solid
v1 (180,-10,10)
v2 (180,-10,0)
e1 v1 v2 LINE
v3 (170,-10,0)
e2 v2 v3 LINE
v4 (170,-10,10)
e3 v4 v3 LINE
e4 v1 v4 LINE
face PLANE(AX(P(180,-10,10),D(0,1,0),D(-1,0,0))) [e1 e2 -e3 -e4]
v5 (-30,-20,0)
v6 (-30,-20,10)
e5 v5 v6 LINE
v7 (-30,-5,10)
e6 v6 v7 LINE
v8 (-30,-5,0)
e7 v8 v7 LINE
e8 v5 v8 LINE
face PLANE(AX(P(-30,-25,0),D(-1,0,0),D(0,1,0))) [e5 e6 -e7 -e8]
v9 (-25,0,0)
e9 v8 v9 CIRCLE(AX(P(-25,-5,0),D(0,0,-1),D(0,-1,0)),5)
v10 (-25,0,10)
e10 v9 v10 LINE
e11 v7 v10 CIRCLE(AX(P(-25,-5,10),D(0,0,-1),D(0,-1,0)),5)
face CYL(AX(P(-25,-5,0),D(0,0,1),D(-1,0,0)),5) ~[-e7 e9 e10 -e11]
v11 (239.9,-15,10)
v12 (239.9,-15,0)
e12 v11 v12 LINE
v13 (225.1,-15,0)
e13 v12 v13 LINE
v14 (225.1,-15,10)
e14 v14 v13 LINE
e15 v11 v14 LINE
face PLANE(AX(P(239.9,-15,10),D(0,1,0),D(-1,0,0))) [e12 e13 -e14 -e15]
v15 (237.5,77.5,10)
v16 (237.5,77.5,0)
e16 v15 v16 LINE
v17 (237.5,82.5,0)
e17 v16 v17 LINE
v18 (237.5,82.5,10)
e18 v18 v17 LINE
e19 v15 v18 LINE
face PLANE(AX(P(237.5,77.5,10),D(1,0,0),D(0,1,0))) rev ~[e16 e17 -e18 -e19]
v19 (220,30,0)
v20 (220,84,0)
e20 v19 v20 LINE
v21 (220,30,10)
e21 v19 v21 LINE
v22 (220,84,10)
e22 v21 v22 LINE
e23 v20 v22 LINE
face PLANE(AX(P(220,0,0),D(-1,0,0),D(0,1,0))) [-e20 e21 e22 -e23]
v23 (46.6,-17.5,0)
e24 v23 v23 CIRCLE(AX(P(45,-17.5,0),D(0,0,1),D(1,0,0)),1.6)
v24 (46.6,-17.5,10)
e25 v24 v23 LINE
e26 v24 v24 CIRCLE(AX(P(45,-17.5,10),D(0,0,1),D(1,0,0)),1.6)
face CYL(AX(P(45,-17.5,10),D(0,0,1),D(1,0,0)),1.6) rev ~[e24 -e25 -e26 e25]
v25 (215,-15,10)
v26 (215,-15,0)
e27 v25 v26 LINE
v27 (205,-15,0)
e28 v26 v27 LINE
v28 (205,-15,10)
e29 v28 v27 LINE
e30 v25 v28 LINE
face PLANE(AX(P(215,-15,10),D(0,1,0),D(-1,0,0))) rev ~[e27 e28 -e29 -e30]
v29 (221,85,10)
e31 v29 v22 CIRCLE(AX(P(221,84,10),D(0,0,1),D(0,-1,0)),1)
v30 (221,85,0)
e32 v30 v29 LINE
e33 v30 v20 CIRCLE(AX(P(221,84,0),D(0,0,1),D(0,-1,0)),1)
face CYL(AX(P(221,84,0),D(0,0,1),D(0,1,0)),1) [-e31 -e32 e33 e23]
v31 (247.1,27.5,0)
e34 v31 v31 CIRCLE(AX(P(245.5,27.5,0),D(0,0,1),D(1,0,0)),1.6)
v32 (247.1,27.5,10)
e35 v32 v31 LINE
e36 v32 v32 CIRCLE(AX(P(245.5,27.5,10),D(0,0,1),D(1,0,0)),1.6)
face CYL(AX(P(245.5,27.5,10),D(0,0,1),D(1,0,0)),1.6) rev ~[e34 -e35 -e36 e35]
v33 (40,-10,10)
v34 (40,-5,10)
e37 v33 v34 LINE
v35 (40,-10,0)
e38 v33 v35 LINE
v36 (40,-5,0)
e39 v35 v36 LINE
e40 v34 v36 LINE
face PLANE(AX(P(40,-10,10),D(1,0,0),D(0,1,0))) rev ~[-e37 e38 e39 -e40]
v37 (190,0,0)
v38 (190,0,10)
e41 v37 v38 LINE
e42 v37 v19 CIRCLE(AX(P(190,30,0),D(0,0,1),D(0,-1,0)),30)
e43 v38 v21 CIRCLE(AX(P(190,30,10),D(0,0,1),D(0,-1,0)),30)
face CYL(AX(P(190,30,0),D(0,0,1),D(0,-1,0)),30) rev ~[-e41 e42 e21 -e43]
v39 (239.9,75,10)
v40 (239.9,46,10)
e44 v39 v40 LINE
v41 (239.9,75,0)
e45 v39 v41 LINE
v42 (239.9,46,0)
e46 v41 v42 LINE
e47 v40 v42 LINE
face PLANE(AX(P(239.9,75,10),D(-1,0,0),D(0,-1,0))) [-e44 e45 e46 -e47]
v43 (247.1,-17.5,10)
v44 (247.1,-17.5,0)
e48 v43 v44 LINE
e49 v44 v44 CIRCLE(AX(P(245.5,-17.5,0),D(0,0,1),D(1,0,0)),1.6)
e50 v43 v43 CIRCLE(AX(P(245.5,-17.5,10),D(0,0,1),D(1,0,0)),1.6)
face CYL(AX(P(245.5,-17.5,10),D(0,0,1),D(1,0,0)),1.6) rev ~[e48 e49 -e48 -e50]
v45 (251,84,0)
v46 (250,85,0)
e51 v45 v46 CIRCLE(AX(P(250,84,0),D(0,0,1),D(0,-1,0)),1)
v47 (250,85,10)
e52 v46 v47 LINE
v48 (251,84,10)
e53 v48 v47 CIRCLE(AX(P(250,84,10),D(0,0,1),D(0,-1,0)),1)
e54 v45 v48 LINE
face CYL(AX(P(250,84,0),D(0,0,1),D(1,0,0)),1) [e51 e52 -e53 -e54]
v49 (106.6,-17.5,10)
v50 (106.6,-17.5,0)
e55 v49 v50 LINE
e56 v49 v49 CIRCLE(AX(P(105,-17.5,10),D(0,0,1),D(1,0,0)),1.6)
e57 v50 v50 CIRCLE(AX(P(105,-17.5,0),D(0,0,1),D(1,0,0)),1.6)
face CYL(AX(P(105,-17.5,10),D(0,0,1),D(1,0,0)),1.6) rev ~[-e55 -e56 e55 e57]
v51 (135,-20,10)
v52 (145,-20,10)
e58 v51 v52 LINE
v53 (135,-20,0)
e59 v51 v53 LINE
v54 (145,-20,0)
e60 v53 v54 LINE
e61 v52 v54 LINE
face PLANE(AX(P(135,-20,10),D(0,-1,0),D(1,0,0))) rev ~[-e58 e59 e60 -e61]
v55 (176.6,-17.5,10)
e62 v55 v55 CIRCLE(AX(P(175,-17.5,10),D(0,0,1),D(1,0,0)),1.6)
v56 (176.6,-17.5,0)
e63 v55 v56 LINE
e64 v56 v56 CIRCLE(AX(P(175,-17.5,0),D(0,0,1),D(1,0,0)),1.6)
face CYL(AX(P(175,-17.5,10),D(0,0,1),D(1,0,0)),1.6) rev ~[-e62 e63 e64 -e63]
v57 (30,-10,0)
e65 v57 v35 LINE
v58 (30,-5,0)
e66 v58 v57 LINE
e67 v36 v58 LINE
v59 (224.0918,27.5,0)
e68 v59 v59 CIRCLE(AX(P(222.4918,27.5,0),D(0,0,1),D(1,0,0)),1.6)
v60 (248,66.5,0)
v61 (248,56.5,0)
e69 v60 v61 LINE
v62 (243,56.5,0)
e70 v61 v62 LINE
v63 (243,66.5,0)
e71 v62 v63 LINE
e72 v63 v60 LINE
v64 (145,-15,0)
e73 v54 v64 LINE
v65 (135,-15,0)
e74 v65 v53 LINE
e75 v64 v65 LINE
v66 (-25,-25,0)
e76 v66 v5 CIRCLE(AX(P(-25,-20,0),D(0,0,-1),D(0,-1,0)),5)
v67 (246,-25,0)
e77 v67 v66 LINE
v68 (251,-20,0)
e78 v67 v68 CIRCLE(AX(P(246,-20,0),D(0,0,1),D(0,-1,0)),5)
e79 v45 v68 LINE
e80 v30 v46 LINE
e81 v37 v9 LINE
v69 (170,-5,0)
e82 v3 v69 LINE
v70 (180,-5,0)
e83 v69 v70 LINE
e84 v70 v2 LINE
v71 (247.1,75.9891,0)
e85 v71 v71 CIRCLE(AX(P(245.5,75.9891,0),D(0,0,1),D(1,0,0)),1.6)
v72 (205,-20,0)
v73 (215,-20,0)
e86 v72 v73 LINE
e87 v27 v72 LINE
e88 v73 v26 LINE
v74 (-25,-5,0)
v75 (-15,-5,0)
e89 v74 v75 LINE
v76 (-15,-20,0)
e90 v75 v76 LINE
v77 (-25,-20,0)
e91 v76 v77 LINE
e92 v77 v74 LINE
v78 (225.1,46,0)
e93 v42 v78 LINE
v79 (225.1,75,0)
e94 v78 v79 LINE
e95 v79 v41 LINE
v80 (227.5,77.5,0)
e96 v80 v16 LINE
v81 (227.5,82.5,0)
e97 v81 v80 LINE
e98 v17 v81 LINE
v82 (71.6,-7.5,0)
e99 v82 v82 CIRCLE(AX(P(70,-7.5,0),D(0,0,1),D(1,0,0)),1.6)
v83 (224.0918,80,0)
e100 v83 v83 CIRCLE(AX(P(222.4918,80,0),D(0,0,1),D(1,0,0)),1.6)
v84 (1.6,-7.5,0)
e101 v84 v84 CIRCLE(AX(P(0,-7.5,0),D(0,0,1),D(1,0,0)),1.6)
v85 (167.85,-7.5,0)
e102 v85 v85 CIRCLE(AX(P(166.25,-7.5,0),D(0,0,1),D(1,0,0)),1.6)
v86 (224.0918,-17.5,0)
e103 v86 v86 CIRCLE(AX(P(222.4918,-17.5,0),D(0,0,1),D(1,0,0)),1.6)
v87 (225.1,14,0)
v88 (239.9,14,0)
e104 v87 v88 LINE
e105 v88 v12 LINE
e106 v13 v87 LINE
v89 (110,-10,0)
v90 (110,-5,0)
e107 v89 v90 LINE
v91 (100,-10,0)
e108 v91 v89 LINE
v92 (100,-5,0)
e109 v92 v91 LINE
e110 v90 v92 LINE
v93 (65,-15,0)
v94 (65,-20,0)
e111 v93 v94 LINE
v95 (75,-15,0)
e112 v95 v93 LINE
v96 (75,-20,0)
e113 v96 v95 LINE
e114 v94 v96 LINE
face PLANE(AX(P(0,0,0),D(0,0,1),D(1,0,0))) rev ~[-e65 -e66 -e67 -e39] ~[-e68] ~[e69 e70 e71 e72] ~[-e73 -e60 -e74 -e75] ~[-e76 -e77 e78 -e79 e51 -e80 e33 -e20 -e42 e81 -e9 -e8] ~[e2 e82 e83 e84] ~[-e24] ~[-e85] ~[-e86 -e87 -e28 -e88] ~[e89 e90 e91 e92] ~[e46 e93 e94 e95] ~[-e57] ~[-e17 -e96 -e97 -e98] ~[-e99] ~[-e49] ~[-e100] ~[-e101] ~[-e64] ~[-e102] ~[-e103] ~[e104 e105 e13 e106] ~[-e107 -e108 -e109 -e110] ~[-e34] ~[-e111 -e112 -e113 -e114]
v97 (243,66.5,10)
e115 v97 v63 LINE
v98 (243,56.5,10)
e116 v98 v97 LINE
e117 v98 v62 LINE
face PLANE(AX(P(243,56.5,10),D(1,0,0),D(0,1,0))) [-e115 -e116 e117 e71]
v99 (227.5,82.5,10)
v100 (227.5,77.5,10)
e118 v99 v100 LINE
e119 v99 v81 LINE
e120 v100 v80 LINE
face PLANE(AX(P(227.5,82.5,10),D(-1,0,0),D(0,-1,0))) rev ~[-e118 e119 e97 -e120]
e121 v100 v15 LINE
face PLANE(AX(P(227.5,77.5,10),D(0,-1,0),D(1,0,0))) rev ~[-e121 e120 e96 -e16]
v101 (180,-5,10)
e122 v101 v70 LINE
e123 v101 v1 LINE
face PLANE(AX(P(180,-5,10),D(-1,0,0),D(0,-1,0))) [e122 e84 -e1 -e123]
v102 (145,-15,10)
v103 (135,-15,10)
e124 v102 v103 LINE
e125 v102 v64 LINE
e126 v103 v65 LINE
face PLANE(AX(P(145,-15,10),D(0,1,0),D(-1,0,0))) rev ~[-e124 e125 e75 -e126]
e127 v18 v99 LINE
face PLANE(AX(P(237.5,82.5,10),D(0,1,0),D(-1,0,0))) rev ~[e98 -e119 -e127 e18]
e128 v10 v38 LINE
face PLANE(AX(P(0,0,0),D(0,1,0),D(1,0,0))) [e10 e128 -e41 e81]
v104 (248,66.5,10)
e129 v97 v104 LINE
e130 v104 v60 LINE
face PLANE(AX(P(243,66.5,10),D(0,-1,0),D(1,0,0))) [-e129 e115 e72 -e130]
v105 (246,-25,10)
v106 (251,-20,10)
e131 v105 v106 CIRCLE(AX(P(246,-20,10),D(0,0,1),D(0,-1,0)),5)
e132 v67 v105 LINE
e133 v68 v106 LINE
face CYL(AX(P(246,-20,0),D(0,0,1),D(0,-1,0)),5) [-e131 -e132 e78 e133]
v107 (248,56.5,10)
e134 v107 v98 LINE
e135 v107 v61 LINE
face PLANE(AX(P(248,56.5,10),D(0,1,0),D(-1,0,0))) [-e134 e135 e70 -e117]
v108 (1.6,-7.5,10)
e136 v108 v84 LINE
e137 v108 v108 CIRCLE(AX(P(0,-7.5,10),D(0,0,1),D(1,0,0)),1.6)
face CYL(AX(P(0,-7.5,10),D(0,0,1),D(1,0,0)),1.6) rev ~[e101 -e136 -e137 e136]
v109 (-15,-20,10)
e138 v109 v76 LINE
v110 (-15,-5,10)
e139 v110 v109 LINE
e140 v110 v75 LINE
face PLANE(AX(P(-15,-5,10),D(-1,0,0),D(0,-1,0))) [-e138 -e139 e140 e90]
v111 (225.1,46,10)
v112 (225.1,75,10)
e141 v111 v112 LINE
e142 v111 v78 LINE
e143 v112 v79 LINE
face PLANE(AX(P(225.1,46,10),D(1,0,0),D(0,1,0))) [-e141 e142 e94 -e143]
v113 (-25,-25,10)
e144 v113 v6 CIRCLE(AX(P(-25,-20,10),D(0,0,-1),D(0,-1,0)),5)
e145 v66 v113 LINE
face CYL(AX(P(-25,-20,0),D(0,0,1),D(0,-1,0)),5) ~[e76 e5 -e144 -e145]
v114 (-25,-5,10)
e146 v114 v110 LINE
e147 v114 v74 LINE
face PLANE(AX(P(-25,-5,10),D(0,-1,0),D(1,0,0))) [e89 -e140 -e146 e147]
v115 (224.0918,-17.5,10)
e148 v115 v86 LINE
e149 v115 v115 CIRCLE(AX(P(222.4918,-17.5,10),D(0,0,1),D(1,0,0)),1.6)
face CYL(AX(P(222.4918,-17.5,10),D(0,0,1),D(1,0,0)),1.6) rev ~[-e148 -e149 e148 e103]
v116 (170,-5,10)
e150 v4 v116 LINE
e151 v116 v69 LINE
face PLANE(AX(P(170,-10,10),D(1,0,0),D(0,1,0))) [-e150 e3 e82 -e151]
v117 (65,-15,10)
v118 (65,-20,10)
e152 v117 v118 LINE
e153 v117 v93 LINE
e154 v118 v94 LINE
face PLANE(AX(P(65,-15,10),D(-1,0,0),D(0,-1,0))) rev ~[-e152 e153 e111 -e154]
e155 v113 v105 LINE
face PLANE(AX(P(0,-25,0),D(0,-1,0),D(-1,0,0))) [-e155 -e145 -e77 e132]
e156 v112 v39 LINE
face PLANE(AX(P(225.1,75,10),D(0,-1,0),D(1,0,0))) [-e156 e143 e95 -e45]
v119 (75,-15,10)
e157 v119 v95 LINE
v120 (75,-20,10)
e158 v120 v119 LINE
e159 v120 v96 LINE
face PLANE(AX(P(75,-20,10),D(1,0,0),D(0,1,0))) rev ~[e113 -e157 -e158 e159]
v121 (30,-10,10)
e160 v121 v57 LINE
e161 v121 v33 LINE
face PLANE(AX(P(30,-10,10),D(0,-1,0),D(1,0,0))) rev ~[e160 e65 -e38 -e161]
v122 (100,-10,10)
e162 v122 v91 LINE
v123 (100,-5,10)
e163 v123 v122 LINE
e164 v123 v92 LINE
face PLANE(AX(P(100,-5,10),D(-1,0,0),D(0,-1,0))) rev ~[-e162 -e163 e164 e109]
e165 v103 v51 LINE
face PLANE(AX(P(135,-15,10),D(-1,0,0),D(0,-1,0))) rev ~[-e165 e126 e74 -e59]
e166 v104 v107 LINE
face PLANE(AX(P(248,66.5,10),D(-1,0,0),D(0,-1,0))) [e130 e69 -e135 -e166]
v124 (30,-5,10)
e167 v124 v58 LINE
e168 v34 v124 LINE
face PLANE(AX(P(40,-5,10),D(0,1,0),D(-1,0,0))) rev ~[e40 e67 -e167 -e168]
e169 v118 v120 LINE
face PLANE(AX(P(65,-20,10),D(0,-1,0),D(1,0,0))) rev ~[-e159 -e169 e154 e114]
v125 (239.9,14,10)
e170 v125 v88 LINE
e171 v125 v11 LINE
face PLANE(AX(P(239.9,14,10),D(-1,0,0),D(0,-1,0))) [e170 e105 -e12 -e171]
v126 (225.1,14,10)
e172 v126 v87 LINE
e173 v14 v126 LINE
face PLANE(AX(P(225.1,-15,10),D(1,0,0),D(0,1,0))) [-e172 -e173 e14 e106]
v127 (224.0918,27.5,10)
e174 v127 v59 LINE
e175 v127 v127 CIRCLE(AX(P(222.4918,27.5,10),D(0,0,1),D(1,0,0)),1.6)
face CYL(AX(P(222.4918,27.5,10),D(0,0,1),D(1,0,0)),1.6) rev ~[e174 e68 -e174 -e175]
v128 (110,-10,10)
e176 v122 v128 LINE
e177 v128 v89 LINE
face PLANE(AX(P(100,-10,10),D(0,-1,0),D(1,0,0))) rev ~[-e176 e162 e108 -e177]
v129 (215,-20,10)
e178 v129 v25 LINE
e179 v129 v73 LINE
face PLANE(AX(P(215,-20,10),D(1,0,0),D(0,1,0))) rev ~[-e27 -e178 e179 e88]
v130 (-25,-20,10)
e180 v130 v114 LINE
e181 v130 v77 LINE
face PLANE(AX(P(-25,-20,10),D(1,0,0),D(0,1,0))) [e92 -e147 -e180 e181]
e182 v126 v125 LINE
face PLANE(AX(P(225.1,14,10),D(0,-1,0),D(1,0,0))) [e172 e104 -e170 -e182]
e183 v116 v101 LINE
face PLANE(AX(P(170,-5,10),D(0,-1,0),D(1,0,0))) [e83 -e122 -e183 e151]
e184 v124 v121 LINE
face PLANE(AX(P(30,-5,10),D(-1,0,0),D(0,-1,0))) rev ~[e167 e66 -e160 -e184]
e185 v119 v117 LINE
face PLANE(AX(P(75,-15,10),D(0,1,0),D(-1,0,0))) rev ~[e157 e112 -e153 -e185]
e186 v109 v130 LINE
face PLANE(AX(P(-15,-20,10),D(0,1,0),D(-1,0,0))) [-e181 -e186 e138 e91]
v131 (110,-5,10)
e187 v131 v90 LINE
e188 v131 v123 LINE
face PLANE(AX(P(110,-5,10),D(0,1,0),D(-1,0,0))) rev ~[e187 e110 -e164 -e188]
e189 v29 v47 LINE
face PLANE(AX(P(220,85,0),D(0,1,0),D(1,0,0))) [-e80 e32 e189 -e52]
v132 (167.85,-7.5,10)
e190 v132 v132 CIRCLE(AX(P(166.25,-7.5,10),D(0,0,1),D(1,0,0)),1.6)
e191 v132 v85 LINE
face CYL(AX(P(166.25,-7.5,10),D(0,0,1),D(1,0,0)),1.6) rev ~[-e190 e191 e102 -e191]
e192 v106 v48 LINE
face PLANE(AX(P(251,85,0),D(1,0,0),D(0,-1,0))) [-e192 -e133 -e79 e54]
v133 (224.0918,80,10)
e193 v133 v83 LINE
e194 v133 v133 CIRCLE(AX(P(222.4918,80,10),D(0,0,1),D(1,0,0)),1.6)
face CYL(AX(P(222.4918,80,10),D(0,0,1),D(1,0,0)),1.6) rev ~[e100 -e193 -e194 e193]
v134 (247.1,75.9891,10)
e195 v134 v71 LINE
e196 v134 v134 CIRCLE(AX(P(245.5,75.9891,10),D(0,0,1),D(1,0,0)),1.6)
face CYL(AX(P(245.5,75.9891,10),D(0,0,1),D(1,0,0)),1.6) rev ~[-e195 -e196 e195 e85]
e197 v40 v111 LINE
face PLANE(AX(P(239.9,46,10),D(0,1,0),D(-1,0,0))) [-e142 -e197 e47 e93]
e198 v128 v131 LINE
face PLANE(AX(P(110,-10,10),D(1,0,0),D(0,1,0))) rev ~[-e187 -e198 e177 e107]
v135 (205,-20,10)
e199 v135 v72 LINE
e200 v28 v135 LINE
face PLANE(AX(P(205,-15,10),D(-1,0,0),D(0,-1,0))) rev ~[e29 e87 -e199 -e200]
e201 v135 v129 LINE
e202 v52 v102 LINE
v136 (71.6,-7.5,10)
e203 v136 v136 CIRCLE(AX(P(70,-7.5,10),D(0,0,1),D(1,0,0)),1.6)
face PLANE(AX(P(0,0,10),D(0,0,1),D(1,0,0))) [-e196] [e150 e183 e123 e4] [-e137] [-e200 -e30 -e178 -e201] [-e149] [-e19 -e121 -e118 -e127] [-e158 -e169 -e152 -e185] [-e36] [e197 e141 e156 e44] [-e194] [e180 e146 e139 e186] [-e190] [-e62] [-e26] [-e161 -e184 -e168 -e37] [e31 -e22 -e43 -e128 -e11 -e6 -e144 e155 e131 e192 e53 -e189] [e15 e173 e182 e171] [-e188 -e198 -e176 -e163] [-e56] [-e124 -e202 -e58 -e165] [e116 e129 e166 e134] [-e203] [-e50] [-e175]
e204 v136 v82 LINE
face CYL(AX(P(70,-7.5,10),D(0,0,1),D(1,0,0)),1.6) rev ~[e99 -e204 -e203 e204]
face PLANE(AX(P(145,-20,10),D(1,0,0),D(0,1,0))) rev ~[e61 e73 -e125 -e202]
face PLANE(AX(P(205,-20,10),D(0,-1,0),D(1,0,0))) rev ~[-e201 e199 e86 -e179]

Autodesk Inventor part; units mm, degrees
ref_plane "YZ Plane" through (0, 0, 0) normal (1, 0, 0) x (0, 1, 0)
ref_plane "XZ Plane" through (0, 0, 0) normal (0, 1, 0) x (-1, 0, 0)
ref_plane "XY Plane" through (0, 0, 0) normal (0, 0, 1) x (1, 0, 0)
sketch "Boceto1" plane through (0, 0, 0) normal (0, 0, 1) x (1, 0, 0)
  line L0 (0, 0) -> (220, 0)
  line L1 (251, 0) -> (251, -25)
  line L2 (251, -25) -> (0, -25)
  line L3 (220, 0) -> (220, 85)
  line L4 (220, 85) -> (251, 85)
  line L5 (251, 85) -> (251, 0)
  line L6 (0, -25) -> (-30, -25)
  line L7 (-30, -25) -> (-30, 0)
  line L8 (-30, 0) -> (0, 0)
  dimension "d3" = 85
  dimension "d4" = 31
extrude "Extrusión1" add sketch "Boceto1" along normal blind 10
fillet "Empalme1" radius 30 1 edges at (220, 0, 5)
sketch "Boceto2" plane through (0, 0, 10) normal (0, 0, 1) x (1, 0, 0)
  line L0 (220, 30) -> (220, 85) projected
  line L1 (251, -25) -> (-30, -25) projected
  line L2 (220, 85) -> (251, 85) projected
  line L3 (225.1, 75) -> (239.9, 75)
  line L4 (239.9, 75) -> (239.9, 46)
  line L5 (239.9, 46) -> (225.1, 46)
  line L6 (225.1, 46) -> (225.1, 75)
  line L7 (225.1, 14) -> (239.9, 14)
  line L8 (239.9, 14) -> (239.9, -15)
  line L9 (239.9, -15) -> (225.1, -15)
  line L10 (225.1, -15) -> (225.1, 14)
  point P0 (225, 80)
  point P1 (220, 75)
  point P2 (5, -25)
  point P3 (240, -25)
  point P4 (245, -20)
  point P5 (245, 75)
  point P6 (240, 80)
  point P7 (0, 0)
  point P8 (0, -25)
  dimension "d10" = 14.8
  dimension "d11" = 14.8
  dimension "d12" = 5.1
  dimension "d14" = 10
  dimension "d15" = 29
  dimension "d16" = 29
  dimension "d17" = 10
  dimension "d82" = 5.1
extrude "Extrusión2" cut sketch "Boceto2" against normal blind 10
sketch "Boceto3" plane through (0, 0, 10) normal (0, 0, 1) x (1, 0, 0)
  line L0 (0, 0) -> (190, 0) projected
  line L1 (251, -25) -> (-30, -25) projected
  line L2 (180, -10) -> (170, -10)
  line L3 (170, -10) -> (170, -5)
  line L4 (170, -5) -> (180, -5)
  line L5 (180, -5) -> (180, -10)
  line L6 (110, -5) -> (100, -5)
  line L7 (100, -5) -> (100, -10)
  line L8 (100, -10) -> (110, -10)
  line L9 (110, -10) -> (110, -5)
  line L10 (40, -5) -> (30, -5)
  line L11 (30, -5) -> (30, -10)
  line L12 (30, -10) -> (40, -10)
  line L13 (40, -10) -> (40, -5)
  line L14 (145, -15) -> (135, -15)
  line L15 (135, -15) -> (135, -20)
  line L16 (135, -20) -> (145, -20)
  line L17 (145, -20) -> (145, -15)
  line L18 (75, -15) -> (65, -15)
  line L19 (65, -15) -> (65, -20)
  line L20 (65, -20) -> (75, -20)
  line L21 (75, -20) -> (75, -15)
  point P0 (5, 0)
  point P1 (0, -5)
  point P2 (0, -20)
  point P3 (5, -25)
  point P4 (240, -25)
  dimension "d20" = 10
  dimension "d21" = 10
  dimension "d22" = 10
  dimension "d24" = 5
  dimension "d25" = 5
  dimension "d26" = 5
  dimension "d27" = 5
  dimension "d28" = 5
  dimension "d29" = 10
  dimension "d30" = 10
  dimension "d31" = 5
  dimension "d32" = 5
  dimension "d33" = 5
  dimension "d34" = 5
  dimension "d36" = 25
  dimension "d37" = 25
  dimension "d38" = 25
  dimension "d39" = 25
extrude "Extrusión3" cut sketch "Boceto3" against normal blind 10
sketch "Boceto4" plane through (0, 0, 10) normal (0, 0, 1) x (1, 0, 0)
  line L0 (145, -15) -> (145, -20) projected
  line L1 (145, -20) -> (135, -20) projected
  line L2 (205, -20) -> (215, -20)
  line L3 (215, -20) -> (215, -15)
  line L4 (215, -15) -> (205, -15)
  line L5 (205, -15) -> (205, -20)
  point P0 (0, 0)
  dimension "d42" = 10
  dimension "d43" = 5
  dimension "d44" = 60
extrude "Extrusión4" cut sketch "Boceto4" against normal blind 10
sketch "Boceto6" plane through (0, 0, 10) normal (0, 0, 1) x (1, 0, 0)
  line L0 (237.5, 82.5) -> (227.5, 82.5)
  line L1 (227.5, 82.5) -> (227.5, 77.5)
  line L2 (227.5, 77.5) -> (237.5, 77.5)
  line L3 (237.5, 77.5) -> (237.5, 82.5)
  circle A0 centre (245.5, -17.5) radius 1.6
  circle A1 centre (245.5, 27.5) radius 1.6
  circle A2 centre (245.5, 75.9891) radius 1.6
  circle A3 centre (222.4918, 80) radius 1.6
  circle A4 centre (222.4918, 27.5) radius 1.6
  circle A5 centre (175, -17.5) radius 1.6
  circle A6 centre (166.25, -7.5) radius 1.6
  circle A7 centre (105, -17.5) radius 1.6
  circle A8 centre (70, -7.5) radius 1.6
  circle A9 centre (45, -17.5) radius 1.6
  circle A10 centre (0, -7.5) radius 1.6
  line L4 (-30, -25) -> (-30, 0) projected
  circle A11 centre (222.4918, -17.5) radius 1.6
  line L5 (251, 85) -> (251, -25) projected
  line L6 (220, 85) -> (251, 85) projected
  line L7 (170, -10) -> (170, -5) projected
  point P0 (0, 0)
  dimension "d52" = 5
  dimension "d54" = 3.2
  dimension "d55" = 3.2
  dimension "d56" = 3.2
  dimension "d57" = 3.2
  dimension "d58" = 3.2
  dimension "d60" = 3.2
  dimension "d61" = 3.2
  dimension "d62" = 3.2
  dimension "d63" = 3.2
  dimension "d64" = 3.2
  dimension "d65" = 3.2
  dimension "d80" = 30
  dimension "d81" = 3.2
  dimension "d83" = 5.5
  dimension "d84" = 5.5
  dimension "d85" = 5.5
  dimension "d92" = 2.5
  dimension "d93" = 5
  dimension "d94" = 3.75
  dimension "d95" = 75
extrude "Extrusión6" cut sketch "Boceto6" against normal blind 10
fillet "Empalme3" radius 5 1 edges at (251, -25, 5)
fillet "Empalme4" radius 5 2 edges at (-30, 0, 5) (-30, -25, 5)
fillet "Empalme5" radius 1 2 edges at (220, 85, 5) (251, 85, 5)
sketch "Boceto7" plane through (0, 0, 10) normal (0, 0, 1) x (1, 0, 0)
  line L0 (-25, 0) -> (190, 0) projected
  line L1 (-30, -20) -> (-30, -5) projected
  line L2 (-25, -5) -> (-15, -5)
  line L3 (-15, -5) -> (-15, -20)
  line L4 (-15, -20) -> (-25, -20)
  line L5 (-25, -20) -> (-25, -5)
  point P0 (0, 0)
  dimension "d74" = 10
  dimension "d75" = 15
  dimension "d76" = 5
  dimension "d77" = 5
extrude "Extrusión7" cut sketch "Boceto7" against normal blind 10
sketch "Boceto8" plane through (0, 0, 10) normal (0, 0, 1) x (1, 0, 0)
  line L0 (221, 85) -> (250, 85) projected
  line L1 (251, 84) -> (251, -20) projected
  line L2 (243, 66.5) -> (248, 66.5)
  line L3 (248, 66.5) -> (248, 56.5)
  line L4 (248, 56.5) -> (243, 56.5)
  line L5 (243, 56.5) -> (243, 66.5)
  point P0 (0, 0)
  dimension "d86" = 5
  dimension "d87" = 10
  dimension "d88" = 3
  dimension "d89" = 18.5
extrude "Extrusión8" cut sketch "Boceto8" against normal blind 10
properties part number "brazo eje z"
